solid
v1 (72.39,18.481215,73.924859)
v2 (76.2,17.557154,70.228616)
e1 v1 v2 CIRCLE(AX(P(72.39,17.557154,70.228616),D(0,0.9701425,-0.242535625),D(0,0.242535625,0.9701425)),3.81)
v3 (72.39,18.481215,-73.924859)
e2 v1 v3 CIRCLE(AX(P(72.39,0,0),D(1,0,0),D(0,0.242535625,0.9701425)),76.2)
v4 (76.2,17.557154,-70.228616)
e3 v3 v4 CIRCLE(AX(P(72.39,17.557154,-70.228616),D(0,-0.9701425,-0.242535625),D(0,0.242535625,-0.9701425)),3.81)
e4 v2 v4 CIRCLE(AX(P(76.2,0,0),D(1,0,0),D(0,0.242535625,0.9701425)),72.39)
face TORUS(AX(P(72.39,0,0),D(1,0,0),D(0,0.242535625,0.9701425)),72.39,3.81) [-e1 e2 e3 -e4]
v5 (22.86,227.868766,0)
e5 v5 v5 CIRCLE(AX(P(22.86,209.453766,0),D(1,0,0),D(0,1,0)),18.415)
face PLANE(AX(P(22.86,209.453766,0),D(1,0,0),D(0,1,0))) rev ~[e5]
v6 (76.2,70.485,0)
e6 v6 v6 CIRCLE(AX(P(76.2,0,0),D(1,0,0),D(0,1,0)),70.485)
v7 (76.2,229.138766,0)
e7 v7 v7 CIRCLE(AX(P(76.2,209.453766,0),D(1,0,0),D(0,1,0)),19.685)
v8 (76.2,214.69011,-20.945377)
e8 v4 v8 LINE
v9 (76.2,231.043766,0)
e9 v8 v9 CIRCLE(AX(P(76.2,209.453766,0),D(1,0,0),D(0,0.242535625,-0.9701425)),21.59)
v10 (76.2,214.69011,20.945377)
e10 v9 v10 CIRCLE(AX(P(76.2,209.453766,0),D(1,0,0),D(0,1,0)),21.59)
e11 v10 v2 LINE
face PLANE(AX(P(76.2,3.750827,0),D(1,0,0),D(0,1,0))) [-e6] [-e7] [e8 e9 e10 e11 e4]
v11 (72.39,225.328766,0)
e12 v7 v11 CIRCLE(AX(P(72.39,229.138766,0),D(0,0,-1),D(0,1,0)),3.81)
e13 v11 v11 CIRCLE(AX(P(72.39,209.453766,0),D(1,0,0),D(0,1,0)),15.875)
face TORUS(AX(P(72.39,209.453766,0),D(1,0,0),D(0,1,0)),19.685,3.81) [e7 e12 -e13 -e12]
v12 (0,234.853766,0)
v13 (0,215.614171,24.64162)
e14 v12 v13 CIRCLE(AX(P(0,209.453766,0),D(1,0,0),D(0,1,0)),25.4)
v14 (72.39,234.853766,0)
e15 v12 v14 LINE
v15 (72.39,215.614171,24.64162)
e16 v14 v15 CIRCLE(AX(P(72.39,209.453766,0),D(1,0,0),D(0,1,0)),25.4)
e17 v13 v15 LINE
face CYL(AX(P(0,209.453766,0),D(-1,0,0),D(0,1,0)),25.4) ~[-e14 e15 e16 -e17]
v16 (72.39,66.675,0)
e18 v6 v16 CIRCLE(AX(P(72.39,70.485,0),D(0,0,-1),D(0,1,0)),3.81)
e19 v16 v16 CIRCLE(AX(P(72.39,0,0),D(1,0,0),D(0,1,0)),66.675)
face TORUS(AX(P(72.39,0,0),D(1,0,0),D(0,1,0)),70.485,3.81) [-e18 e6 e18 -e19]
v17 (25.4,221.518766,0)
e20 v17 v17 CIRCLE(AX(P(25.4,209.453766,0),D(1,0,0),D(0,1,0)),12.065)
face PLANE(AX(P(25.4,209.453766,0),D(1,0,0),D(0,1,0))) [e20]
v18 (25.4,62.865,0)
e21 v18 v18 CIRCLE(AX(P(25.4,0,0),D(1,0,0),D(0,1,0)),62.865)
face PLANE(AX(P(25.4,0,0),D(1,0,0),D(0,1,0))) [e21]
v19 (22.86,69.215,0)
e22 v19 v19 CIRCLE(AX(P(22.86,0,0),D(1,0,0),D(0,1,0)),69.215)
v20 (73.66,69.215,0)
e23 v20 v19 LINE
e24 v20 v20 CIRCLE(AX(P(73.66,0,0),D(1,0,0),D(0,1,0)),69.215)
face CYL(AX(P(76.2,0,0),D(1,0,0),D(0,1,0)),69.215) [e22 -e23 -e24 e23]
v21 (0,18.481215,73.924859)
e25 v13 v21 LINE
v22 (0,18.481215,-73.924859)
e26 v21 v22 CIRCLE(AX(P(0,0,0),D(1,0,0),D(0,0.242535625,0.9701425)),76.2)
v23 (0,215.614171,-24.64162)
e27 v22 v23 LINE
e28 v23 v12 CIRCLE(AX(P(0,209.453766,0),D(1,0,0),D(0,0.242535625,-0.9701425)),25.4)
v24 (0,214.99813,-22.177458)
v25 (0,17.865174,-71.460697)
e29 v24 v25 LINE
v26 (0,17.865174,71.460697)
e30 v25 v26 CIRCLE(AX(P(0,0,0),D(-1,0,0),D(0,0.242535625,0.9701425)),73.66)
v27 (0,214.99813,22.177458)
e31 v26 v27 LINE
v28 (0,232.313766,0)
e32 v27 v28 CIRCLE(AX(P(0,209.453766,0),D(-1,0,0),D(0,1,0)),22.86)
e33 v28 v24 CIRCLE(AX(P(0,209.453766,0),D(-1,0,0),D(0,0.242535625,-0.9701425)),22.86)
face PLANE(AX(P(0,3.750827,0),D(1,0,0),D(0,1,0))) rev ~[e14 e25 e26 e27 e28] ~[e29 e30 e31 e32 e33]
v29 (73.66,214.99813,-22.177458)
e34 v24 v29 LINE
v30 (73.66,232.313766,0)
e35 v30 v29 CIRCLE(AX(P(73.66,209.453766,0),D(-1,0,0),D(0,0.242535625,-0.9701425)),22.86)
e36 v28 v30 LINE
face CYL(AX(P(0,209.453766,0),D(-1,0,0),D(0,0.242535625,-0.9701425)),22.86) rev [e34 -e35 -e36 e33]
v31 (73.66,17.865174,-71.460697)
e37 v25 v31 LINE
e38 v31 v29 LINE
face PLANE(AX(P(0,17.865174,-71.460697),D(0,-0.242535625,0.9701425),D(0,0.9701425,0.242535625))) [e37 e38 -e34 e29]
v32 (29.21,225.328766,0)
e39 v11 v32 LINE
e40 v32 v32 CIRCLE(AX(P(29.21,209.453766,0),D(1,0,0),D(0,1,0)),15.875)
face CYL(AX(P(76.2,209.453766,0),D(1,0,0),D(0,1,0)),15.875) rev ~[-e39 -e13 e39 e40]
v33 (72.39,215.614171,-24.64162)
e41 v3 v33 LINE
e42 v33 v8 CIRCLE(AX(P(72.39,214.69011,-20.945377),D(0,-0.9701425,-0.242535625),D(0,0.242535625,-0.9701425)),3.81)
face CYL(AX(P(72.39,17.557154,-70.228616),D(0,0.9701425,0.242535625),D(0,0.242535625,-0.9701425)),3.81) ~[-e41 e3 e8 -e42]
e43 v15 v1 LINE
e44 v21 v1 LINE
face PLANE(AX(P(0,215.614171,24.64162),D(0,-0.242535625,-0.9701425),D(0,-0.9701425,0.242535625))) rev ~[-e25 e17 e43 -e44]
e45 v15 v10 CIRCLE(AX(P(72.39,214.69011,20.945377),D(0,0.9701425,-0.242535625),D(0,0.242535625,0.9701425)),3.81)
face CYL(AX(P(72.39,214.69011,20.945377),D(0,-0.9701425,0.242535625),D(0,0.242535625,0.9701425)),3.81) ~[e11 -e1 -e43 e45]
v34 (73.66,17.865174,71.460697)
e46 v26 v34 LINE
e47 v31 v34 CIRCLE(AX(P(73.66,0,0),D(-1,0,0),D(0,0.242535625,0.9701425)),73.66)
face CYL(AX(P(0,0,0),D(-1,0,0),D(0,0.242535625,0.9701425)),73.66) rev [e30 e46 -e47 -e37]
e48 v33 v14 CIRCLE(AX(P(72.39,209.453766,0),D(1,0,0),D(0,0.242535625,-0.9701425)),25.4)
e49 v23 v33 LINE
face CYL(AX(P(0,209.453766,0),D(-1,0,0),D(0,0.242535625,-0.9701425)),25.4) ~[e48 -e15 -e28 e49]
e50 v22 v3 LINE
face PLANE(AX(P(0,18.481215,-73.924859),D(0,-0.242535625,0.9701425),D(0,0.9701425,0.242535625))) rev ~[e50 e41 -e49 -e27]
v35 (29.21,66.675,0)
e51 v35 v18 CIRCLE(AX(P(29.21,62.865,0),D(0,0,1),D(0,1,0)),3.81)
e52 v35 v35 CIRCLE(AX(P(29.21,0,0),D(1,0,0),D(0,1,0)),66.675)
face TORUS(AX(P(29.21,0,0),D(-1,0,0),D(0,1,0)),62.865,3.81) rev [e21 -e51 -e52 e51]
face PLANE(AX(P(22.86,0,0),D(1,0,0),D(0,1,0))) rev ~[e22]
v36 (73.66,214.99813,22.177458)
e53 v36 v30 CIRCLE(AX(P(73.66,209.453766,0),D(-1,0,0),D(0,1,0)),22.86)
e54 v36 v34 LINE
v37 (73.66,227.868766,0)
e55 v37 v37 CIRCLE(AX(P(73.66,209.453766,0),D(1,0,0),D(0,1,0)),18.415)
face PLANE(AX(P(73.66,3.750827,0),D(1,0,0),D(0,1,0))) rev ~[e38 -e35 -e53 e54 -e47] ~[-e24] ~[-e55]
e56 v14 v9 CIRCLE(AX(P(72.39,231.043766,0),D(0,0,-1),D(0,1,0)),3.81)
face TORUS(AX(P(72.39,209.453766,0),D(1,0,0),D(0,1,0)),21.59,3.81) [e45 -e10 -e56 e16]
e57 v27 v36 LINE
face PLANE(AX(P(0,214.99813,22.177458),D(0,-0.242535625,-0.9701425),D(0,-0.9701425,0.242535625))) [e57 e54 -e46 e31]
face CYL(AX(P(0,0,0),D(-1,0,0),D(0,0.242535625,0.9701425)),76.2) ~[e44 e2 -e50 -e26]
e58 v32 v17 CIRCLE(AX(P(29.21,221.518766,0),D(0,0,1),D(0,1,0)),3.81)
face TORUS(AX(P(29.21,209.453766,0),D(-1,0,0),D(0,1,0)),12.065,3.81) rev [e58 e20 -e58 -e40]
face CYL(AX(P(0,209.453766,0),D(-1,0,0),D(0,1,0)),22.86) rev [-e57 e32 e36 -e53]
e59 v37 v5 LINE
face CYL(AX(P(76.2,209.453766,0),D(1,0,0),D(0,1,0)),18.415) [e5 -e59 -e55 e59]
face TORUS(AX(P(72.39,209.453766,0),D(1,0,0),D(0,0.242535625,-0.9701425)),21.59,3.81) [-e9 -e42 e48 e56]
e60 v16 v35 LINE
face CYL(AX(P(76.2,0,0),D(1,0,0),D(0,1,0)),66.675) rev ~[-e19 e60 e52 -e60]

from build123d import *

# Parameters (mm, degrees)
F1_DEPTH = 76.2
F2_R     = 66.675
F2_R_2   = 15.875
F3_DEPTH = 50.8
F4_T     = -2.54
F5_R     = 3.81
F6_R     = 3.81


with BuildPart() as f1:
    # F0 (on Right) → F1 (new body)
    with BuildSketch(Plane.YZ):
        with BuildLine():
            ThreePointArc((18.4812146278, -73.9248585111), (60.0612543768, -46.8944103565), (76.2, 0))
            ThreePointArc((76.2, 0), (60.0612543768, 46.8944103565), (18.4812146278, 73.9248585111))
            ThreePointArc((18.4812146278, 73.9248585111), (-76.2, 0), (18.4812146278, -73.9248585111))
        make_face()
        with BuildLine():
            ThreePointArc((18.4812146278, 73.9248585111), (60.0612543768, 46.8944103565), (76.2, 0))
            ThreePointArc((76.2, 0), (60.0612543768, -46.8944103565), (18.4812146278, -73.9248585111))
            Line((18.4812146278, -73.9248585111), (215.6141706573, -24.6416195037))
            ThreePointArc((215.6141706573, -24.6416195037), (184.2029995957, -2.7493284703), (210.1666790363, 25.3899931999))
            ThreePointArc((210.1666790363, 25.3899931999), (212.910735745, 25.1636515369), (215.6141706573, 24.6416195037))
            Line((215.6141706573, 24.6416195037), (18.4812146278, 73.9248585111))
        make_face()
        with BuildLine():
            Line((210.1666790363, 25.3899931999), (215.6141706573, 24.6416195037))
            ThreePointArc((215.6141706573, 24.6416195037), (212.910735745, 25.1636515369), (210.1666790363, 25.3899931999))
        make_face()
        with BuildLine():
            ThreePointArc((234.8537657814, 0), (229.474183907, 15.6314701188), (215.6141706573, 24.6416195037))
            Line((215.6141706573, 24.6416195037), (210.1666790363, 25.3899931999))
            ThreePointArc((210.1666790363, 25.3899931999), (184.2029995957, -2.7493284703), (215.6141706573, -24.6416195037))
            ThreePointArc((215.6141706573, -24.6416195037), (229.474183907, -15.6314701188), (234.8537657814, 0))
        make_face()
    extrude(amount=F1_DEPTH)

    # F2 (on face) → F3 (cut)
    with BuildSketch(Plane.YZ.offset(76.2)):
        Circle(F2_R)
        with Locations((209.4537657814, 0)):
            Circle(F2_R_2)
    extrude(amount=-F3_DEPTH, mode=Mode.SUBTRACT)

    # F4
    f4_openings = [f1.faces().sort_by_distance(p)[0] for p in [
        (0, 57.51924, 0),
    ]]
    offset(amount=F4_T, openings=f4_openings, kind=Kind.INTERSECTION)

    # F5
    f5_edges = [f1.edges().sort_by_distance(p)[0] for p in [
        (76.2, -76.2, 0),
        (76.2, 117.047693, 49.283239),
        (76.2, 117.047693, -49.283239),
        (76.2, 234.853766, 0),
        (76.2, -66.675, 0),
        (76.2, 193.578766, 0),
    ]]
    fillet(f5_edges, radius=F5_R)

    # F6
    f6_edges = [f1.edges().sort_by_distance(p)[0] for p in [
        (25.4, -66.675, 0),
        (25.4, 193.578766, 0),
    ]]
    fillet(f6_edges, radius=F6_R)


solid = f1.part
